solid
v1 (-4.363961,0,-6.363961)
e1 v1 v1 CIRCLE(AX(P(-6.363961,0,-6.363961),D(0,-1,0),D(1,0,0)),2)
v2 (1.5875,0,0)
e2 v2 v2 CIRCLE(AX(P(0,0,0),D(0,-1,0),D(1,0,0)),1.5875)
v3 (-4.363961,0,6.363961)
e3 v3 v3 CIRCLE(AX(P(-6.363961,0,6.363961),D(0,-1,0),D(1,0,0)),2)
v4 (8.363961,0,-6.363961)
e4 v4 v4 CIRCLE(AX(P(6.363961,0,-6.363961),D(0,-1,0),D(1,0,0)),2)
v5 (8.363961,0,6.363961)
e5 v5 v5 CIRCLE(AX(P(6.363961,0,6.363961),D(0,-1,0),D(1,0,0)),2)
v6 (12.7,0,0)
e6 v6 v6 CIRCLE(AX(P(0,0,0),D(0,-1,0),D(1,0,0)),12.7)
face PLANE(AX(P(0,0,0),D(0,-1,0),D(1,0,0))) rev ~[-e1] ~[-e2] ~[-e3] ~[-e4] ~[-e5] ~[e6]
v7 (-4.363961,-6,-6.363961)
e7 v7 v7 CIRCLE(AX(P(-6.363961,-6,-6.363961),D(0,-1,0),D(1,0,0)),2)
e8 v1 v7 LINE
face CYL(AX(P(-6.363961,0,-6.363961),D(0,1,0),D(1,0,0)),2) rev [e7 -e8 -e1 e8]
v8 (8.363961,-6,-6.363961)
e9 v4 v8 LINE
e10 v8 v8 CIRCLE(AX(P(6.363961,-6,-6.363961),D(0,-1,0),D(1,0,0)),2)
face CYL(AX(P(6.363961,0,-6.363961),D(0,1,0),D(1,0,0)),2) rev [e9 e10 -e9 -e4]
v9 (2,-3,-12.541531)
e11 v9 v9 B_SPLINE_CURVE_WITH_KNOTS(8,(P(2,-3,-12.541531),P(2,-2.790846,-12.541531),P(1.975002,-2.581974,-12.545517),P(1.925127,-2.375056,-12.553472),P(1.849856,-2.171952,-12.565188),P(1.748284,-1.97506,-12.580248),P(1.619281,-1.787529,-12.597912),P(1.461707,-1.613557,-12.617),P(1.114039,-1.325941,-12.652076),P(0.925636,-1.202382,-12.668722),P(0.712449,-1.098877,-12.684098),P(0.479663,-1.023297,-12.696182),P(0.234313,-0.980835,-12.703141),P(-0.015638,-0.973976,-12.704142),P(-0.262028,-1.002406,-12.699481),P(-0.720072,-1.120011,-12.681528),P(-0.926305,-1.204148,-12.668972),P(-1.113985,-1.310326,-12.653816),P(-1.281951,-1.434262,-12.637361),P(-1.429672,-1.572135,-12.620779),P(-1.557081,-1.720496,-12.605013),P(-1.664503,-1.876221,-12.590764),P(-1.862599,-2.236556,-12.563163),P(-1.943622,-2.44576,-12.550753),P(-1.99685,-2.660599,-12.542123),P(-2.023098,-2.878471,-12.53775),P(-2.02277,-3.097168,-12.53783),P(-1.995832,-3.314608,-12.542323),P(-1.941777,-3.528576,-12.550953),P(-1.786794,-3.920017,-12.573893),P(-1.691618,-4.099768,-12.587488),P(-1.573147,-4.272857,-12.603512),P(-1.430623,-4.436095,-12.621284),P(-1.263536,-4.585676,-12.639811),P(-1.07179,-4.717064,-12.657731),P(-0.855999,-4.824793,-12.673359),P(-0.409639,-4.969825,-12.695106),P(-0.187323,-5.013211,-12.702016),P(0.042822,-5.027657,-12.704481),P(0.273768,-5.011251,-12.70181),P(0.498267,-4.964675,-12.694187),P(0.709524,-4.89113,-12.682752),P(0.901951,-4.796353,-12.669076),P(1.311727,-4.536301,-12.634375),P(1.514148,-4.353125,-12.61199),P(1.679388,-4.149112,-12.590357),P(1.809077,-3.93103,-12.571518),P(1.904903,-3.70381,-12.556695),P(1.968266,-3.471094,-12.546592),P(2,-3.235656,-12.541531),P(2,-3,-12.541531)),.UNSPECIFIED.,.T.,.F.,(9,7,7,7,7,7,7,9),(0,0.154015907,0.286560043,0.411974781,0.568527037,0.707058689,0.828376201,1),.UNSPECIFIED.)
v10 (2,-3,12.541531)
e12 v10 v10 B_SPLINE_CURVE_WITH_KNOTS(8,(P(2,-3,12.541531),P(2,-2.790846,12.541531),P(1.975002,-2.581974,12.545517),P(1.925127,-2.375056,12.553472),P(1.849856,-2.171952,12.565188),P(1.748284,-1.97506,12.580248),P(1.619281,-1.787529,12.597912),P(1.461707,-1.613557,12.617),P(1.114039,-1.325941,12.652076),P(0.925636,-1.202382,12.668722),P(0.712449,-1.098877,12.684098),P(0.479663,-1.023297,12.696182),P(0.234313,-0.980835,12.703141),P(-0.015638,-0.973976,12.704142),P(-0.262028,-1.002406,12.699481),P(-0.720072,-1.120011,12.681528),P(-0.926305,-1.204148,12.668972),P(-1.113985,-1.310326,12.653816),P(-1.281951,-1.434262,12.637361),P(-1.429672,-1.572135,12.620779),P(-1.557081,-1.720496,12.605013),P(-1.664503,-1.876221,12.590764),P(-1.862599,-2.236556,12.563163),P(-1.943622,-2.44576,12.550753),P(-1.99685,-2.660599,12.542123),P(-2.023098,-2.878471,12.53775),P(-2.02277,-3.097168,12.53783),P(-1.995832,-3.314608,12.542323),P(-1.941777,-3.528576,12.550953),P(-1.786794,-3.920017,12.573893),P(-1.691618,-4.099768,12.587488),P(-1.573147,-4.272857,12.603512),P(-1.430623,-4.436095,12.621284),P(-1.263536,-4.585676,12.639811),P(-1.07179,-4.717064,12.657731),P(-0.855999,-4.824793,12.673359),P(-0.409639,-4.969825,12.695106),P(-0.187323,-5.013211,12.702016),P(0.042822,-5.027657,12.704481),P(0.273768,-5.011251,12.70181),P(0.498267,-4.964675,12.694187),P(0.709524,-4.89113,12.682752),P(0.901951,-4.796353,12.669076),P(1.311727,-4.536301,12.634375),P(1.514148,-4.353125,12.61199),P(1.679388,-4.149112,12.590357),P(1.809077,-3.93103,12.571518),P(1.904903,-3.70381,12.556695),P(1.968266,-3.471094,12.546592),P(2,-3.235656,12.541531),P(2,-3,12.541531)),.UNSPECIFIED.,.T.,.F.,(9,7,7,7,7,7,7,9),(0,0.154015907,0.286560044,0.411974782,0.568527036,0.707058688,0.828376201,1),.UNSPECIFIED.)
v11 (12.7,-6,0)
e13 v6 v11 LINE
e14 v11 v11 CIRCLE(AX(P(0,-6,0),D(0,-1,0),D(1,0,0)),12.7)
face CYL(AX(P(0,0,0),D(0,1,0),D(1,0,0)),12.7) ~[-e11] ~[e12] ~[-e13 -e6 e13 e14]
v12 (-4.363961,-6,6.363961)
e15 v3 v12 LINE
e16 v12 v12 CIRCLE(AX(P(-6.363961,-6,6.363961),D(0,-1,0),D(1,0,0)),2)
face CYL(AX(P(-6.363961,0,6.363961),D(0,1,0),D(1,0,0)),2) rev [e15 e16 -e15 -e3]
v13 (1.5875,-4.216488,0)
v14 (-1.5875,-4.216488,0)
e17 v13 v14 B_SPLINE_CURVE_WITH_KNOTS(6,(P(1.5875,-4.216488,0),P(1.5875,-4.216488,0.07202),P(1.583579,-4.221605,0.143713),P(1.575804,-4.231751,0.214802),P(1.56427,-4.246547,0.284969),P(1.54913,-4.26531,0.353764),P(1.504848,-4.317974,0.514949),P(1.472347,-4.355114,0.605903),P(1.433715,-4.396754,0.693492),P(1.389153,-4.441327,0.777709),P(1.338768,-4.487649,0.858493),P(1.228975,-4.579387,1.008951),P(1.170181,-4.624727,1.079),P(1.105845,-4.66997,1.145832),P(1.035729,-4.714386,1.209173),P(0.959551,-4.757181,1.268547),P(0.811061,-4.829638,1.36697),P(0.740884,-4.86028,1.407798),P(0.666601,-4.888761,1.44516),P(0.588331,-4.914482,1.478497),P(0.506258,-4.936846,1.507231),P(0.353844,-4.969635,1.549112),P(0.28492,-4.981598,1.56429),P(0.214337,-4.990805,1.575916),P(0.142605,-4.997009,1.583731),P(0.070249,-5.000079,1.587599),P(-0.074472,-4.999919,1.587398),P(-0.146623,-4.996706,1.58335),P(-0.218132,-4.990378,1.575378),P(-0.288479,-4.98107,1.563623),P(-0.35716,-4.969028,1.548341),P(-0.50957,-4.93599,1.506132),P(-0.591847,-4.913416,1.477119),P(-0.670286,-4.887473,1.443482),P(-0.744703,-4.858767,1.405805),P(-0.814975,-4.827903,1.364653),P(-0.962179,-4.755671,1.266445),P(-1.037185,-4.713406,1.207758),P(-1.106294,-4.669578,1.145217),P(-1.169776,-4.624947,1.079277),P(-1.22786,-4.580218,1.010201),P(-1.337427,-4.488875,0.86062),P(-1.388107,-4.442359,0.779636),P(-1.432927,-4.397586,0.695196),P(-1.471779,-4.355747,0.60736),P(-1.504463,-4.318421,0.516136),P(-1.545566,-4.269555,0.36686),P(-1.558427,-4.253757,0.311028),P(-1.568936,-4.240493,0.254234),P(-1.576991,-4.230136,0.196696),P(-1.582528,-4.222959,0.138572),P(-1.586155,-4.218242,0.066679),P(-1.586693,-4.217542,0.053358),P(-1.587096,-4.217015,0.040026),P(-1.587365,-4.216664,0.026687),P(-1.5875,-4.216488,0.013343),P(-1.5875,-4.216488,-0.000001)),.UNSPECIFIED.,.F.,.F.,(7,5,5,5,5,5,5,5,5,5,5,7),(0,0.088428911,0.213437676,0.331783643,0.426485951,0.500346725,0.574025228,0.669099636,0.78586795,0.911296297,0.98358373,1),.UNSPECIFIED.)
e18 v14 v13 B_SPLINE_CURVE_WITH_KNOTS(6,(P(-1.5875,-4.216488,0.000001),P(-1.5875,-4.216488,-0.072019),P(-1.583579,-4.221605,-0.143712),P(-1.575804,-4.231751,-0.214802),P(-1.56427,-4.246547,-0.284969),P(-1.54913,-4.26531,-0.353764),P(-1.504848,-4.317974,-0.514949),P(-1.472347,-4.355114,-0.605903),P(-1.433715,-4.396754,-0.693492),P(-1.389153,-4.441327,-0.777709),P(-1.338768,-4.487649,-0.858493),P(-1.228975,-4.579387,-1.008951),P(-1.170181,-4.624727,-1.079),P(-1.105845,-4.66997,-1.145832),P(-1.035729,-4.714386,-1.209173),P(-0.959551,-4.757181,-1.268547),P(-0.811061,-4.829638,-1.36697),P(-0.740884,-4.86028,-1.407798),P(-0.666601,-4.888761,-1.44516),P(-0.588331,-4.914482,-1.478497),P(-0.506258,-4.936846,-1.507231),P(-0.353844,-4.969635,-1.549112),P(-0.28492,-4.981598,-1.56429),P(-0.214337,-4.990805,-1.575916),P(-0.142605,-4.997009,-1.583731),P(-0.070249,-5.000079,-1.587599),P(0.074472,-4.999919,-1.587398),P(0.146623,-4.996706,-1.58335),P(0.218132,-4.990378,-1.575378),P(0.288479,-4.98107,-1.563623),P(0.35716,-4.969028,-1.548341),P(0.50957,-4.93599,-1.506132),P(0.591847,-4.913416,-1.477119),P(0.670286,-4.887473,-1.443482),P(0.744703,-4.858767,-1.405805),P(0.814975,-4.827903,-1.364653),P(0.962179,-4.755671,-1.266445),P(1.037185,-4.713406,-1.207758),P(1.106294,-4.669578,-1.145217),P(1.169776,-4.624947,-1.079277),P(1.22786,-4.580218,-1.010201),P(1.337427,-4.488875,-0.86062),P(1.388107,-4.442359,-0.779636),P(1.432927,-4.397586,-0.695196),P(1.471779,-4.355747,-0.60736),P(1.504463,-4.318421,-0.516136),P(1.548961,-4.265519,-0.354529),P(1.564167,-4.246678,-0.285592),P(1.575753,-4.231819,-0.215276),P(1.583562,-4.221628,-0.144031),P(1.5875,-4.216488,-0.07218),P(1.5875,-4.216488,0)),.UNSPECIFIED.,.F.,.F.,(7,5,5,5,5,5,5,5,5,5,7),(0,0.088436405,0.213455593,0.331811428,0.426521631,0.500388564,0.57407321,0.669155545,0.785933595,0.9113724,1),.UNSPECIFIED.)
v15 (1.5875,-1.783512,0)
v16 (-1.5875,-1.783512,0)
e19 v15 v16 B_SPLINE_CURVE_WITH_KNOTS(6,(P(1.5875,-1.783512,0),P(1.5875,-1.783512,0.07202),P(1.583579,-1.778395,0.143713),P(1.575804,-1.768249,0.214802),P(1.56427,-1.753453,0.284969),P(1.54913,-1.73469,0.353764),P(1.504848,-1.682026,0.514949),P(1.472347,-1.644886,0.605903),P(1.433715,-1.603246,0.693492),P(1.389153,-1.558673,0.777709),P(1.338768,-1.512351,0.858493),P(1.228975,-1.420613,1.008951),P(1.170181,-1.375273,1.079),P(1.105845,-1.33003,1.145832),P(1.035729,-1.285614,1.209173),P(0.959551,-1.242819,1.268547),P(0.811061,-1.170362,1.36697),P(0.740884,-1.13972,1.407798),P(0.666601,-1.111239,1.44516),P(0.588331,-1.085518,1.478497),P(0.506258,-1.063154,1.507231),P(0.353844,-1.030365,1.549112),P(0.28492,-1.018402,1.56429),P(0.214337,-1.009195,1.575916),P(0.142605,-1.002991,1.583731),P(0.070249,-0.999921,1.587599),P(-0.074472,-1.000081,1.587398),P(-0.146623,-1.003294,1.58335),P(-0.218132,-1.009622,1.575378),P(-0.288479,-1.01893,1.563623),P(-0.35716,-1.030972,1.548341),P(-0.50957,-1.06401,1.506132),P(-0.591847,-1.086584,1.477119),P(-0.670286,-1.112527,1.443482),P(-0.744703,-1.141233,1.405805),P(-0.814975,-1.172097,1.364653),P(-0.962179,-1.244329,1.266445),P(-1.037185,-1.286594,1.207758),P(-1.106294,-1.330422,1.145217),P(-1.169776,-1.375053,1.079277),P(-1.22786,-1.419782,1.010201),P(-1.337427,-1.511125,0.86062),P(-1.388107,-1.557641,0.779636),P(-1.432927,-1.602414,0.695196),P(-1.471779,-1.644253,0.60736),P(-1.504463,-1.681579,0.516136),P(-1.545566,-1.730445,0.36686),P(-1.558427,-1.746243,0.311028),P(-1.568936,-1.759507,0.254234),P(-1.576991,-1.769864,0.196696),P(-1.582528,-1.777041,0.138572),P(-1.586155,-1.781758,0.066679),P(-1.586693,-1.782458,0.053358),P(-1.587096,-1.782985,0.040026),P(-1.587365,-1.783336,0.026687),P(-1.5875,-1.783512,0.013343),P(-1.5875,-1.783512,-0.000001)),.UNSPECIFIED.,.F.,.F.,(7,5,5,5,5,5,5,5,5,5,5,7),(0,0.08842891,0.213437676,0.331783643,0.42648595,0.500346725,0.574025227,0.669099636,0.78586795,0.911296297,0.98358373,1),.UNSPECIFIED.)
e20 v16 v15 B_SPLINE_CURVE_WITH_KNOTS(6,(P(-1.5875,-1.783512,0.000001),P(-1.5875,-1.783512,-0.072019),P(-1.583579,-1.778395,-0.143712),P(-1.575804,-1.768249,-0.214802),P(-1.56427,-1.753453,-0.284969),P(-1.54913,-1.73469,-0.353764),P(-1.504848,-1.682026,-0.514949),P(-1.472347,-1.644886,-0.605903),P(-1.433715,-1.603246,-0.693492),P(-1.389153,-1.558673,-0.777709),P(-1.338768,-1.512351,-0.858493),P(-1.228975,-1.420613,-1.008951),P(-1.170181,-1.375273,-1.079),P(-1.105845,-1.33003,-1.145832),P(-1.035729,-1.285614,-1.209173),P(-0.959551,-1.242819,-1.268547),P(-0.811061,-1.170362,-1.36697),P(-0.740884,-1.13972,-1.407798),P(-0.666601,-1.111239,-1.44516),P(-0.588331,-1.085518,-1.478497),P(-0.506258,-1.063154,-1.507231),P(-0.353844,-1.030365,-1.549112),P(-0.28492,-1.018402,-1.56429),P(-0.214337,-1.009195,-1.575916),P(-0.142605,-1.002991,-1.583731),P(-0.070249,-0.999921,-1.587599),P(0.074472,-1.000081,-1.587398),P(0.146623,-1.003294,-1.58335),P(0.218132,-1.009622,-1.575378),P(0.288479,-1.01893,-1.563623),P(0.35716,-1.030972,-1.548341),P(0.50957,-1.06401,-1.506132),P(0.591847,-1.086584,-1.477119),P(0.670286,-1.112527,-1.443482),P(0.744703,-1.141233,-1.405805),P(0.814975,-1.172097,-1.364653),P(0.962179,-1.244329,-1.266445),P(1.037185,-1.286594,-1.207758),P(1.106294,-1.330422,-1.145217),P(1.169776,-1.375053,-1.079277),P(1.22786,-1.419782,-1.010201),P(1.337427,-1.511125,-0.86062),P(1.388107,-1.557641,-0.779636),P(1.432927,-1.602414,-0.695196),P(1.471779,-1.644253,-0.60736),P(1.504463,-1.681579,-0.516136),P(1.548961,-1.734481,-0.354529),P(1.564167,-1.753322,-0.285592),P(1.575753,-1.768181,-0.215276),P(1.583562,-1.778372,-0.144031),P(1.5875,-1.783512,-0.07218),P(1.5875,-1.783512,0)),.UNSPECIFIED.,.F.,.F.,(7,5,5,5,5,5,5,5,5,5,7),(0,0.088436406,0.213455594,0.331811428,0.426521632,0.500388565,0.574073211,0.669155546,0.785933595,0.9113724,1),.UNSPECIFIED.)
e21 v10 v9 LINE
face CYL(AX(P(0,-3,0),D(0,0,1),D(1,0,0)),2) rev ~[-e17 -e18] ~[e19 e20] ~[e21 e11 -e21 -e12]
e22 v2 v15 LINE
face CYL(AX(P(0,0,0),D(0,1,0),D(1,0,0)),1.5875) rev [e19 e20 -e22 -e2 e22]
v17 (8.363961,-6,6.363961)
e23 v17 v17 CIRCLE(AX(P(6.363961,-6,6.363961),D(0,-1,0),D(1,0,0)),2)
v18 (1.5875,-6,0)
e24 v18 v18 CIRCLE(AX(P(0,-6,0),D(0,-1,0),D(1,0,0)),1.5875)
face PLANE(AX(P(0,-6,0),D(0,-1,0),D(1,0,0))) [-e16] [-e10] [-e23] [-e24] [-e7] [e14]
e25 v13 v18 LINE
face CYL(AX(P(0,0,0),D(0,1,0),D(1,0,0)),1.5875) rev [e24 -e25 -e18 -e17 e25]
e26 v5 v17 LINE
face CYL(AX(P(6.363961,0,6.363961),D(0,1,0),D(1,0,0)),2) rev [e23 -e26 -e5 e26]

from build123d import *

# Parameters (mm, degrees)
F0_R          = 12.7
F0_R_2        = 2
F0_R_3        = 1.5875
F1_DEPTH      = 6
F2_R          = 2
F3_DEPTH      = 12.701
F3_DEPTH_BACK = 12.701


with BuildPart() as f1:
    # F0 (on Front) → F1 (new body)
    with BuildSketch(Plane.XZ):
        Circle(F0_R)
        with Locations((-6.3639610307, -6.3639610307)):
            Circle(F0_R_2, mode=Mode.SUBTRACT)
        Circle(F0_R_3, mode=Mode.SUBTRACT)
        with Locations((6.3639610307, -6.3639610307)):
            Circle(F0_R_2, mode=Mode.SUBTRACT)
        with Locations((-6.3639610307, 6.3639610307)):
            Circle(F0_R_2, mode=Mode.SUBTRACT)
        with Locations((6.3639610307, 6.3639610307)):
            Circle(F0_R_2, mode=Mode.SUBTRACT)
    extrude(amount=F1_DEPTH)

    # F2 (on Top) → F3 (cut, two sides)
    with BuildSketch(Plane.XY) as f3_sk:
        with Locations((0, -3)):
            Circle(F2_R)
    extrude(amount=-F3_DEPTH, mode=Mode.SUBTRACT)
    extrude(f3_sk.sketch, amount=F3_DEPTH_BACK, mode=Mode.SUBTRACT)


solid = f1.part
